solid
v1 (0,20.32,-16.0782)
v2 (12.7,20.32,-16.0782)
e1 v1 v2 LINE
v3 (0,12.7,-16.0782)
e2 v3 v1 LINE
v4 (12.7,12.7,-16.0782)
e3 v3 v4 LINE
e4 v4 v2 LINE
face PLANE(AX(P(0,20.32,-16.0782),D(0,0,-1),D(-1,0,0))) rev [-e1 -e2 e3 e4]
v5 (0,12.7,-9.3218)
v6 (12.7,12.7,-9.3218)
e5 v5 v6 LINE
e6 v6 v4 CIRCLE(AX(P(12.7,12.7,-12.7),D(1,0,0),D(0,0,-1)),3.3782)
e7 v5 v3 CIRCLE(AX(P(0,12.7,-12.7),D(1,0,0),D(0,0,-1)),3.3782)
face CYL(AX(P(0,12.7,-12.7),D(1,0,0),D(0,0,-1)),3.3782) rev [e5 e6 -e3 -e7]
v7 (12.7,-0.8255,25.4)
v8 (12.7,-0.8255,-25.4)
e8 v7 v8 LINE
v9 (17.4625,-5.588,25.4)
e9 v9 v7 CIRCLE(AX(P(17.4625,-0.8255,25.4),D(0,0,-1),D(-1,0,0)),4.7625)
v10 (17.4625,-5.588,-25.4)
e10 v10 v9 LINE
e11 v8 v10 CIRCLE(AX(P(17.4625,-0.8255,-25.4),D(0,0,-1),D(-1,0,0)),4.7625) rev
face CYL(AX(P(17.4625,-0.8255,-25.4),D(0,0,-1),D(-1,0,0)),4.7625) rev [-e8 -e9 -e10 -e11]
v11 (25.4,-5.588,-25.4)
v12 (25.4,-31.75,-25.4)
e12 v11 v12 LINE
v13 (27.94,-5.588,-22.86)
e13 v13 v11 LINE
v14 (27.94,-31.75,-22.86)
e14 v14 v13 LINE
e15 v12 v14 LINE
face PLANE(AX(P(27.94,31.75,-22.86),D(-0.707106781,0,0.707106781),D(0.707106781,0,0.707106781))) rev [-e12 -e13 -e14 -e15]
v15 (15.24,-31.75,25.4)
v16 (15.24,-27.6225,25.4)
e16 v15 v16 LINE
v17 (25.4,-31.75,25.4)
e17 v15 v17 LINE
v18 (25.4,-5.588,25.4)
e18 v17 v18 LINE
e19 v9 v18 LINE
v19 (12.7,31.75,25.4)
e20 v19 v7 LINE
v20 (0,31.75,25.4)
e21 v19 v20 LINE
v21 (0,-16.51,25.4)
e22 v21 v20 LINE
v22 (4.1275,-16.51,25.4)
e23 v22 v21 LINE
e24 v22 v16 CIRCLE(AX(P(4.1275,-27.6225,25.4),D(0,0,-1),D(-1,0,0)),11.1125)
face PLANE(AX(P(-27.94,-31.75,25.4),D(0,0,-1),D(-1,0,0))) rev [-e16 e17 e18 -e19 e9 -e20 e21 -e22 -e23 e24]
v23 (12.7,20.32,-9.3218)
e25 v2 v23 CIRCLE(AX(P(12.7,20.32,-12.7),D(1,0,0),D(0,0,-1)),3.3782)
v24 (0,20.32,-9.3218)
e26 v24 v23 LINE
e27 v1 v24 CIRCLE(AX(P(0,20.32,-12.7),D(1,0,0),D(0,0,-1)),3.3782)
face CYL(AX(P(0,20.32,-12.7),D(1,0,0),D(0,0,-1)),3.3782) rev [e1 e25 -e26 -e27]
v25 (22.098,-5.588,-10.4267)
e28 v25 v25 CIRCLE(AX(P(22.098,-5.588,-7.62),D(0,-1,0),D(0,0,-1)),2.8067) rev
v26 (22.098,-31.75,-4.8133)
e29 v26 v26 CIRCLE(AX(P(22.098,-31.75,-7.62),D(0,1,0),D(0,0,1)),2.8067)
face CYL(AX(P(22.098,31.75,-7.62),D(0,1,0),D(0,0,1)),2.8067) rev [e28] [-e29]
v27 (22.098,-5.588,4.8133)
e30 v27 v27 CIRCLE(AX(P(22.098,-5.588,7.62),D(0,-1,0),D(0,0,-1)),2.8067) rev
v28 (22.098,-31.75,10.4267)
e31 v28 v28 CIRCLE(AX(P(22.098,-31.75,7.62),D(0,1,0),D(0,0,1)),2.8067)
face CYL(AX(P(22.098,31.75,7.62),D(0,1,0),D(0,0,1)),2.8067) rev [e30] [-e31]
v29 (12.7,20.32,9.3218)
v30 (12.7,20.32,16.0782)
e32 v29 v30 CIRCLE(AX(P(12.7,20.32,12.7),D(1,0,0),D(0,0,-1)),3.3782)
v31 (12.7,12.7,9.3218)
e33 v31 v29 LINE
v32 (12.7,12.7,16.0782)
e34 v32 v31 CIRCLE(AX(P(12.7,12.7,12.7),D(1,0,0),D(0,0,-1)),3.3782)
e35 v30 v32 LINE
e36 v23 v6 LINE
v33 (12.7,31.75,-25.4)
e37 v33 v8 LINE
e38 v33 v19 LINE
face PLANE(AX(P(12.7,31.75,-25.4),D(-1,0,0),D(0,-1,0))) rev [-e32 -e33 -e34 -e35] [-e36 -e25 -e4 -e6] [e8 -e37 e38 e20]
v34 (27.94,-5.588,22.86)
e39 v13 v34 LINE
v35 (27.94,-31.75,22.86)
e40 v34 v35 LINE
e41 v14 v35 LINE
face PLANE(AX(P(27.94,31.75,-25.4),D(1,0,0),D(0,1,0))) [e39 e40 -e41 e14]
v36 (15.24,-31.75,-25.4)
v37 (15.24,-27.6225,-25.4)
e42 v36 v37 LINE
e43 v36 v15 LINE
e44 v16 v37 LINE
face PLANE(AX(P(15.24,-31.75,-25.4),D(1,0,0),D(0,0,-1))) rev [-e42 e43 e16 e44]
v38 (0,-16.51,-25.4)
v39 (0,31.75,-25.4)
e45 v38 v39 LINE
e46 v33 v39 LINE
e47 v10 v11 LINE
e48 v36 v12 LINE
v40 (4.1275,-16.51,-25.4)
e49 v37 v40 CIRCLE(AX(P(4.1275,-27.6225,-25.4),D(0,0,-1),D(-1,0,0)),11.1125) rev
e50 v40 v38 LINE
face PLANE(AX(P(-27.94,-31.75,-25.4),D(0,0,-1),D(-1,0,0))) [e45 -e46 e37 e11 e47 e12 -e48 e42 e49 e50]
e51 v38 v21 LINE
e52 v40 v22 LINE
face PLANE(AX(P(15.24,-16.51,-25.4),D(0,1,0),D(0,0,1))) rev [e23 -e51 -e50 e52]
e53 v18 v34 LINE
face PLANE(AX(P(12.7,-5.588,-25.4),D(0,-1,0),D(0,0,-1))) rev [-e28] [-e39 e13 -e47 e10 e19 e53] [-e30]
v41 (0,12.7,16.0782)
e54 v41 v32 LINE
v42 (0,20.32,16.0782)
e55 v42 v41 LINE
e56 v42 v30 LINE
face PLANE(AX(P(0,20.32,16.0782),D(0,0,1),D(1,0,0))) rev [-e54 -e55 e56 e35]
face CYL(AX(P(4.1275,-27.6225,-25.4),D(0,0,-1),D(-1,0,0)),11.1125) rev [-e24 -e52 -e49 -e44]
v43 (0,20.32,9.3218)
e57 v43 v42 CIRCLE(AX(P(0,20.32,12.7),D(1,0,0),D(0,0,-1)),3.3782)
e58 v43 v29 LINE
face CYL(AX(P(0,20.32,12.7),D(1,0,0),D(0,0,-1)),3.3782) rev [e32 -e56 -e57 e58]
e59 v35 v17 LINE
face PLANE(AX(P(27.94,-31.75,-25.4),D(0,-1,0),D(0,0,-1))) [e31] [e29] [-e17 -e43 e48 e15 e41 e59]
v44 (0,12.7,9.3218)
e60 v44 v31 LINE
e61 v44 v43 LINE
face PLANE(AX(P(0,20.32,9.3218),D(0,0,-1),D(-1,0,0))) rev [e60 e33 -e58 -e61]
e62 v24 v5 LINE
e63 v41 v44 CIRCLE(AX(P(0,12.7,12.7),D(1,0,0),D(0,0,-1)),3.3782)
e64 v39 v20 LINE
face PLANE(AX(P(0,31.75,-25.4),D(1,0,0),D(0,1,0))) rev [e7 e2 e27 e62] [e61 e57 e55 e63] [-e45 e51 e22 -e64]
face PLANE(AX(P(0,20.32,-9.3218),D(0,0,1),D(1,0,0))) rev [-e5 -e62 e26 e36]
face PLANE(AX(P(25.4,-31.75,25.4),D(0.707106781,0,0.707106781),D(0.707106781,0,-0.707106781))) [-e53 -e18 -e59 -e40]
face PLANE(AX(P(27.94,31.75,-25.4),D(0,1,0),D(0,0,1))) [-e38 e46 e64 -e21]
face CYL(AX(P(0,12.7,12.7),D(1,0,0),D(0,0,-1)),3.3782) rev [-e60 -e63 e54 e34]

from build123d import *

# Parameters (mm, degrees)
SKETCH1_W              = 55.88
SKETCH1_H              = 63.5
EXTRUDE1_DEPTH         = 25.4
EXTRUDE1_DEPTH_BACK    = 25.4
EXTRUDE2_DEPTH         = 51.8
FILLET1_R              = 11.1125
F_10_CLEARANCE_HOLE1_D = 5.6134
LPATTERN1_COUNT        = 2
LPATTERN1_PITCH        = 15.24
SKETCH9_W              = 15.24
SKETCH9_H              = 37.338
EXTRUDE3_DEPTH         = 51.8
FILLET2_R              = 4.7625
EXTRUDE5_DEPTH         = 13.7
LPATTERN2_COUNT        = 2
LPATTERN2_PITCH        = 25.4
CHAMFER1_SIZE          = 2.54


with BuildPart() as part:
    # Sketch1 → Extrude1 (new body, two sides)
    with BuildSketch(Plane.XY) as extrude1_sk:
        Rectangle(SKETCH1_W, SKETCH1_H)
    extrude(amount=EXTRUDE1_DEPTH)
    extrude(extrude1_sk.sketch, amount=-EXTRUDE1_DEPTH_BACK)

    # Sketch2 → Extrude2 (cut, through all)
    with BuildSketch(Plane.XY.offset(25.4)):
        Polygon((-27.94, -31.75), (15.24, -31.75), (15.24, -16.51), (0, -16.51), (0, 31.75), (-27.94, 31.75), align=None)
    extrude(amount=-EXTRUDE2_DEPTH, mode=Mode.SUBTRACT)

    # Fillet1
    fillet1_edges = [part.edges().sort_by_distance(p)[0] for p in [
        (15.24, -16.51, 0),
    ]]
    fillet(fillet1_edges, radius=FILLET1_R)

    # 10 Clearance Hole1 (through all)
    with Locations(Plane(origin=(0, 31.75, 0), x_dir=(-1, 0, 0), z_dir=(0, 1, 0))):
        with Locations((-22.098, -7.62)):
            f_10_clearance_hole1 = Hole(F_10_CLEARANCE_HOLE1_D / 2)

    # LPattern1: 10 Clearance Hole1 ×2
    with Locations(*[(0, 0, i * LPATTERN1_PITCH) for i in range(1, LPATTERN1_COUNT)]):
        add(f_10_clearance_hole1, mode=Mode.SUBTRACT)

    # Sketch9 → Extrude3 (cut, through all)
    with BuildSketch(Plane.XY.offset(25.4)):
        with Locations((20.32, 13.081)):
            Rectangle(SKETCH9_W, SKETCH9_H)
    extrude(amount=-EXTRUDE3_DEPTH, mode=Mode.SUBTRACT)

    # Fillet2
    fillet2_edges = [part.edges().sort_by_distance(p)[0] for p in [
        (12.7, -5.588, 0),
    ]]
    fillet(fillet2_edges, radius=FILLET2_R)

    # Sketch11 → Extrude5 (cut, through all)
    with BuildSketch(Plane(origin=(12.7, 0, 0), x_dir=(0, 0, -1), z_dir=(1, 0, 0))):
        with BuildLine():
            Line((-9.3218, 20.32), (-9.3218, 12.7))
            ThreePointArc((-9.3218, 12.7), (-12.7, 9.3218), (-16.0782, 12.7))
            Line((-16.0782, 12.7), (-16.0782, 20.32))
            ThreePointArc((-16.0782, 20.32), (-12.7, 23.6982), (-9.3218, 20.32))
        make_face()
    extrude5 = extrude(amount=-EXTRUDE5_DEPTH, mode=Mode.SUBTRACT)

    # LPattern2: Extrude5 ×2
    with Locations(*[(0, 0, -i * LPATTERN2_PITCH) for i in range(1, LPATTERN2_COUNT)]):
        add(extrude5, mode=Mode.SUBTRACT)

    # Chamfer1
    chamfer1_edges = [part.edges().sort_by_distance(p)[0] for p in [
        (27.94, -18.669, -25.4),
        (27.94, -18.669, 25.4),
    ]]
    chamfer(chamfer1_edges, length=CHAMFER1_SIZE)


solid = part.part
